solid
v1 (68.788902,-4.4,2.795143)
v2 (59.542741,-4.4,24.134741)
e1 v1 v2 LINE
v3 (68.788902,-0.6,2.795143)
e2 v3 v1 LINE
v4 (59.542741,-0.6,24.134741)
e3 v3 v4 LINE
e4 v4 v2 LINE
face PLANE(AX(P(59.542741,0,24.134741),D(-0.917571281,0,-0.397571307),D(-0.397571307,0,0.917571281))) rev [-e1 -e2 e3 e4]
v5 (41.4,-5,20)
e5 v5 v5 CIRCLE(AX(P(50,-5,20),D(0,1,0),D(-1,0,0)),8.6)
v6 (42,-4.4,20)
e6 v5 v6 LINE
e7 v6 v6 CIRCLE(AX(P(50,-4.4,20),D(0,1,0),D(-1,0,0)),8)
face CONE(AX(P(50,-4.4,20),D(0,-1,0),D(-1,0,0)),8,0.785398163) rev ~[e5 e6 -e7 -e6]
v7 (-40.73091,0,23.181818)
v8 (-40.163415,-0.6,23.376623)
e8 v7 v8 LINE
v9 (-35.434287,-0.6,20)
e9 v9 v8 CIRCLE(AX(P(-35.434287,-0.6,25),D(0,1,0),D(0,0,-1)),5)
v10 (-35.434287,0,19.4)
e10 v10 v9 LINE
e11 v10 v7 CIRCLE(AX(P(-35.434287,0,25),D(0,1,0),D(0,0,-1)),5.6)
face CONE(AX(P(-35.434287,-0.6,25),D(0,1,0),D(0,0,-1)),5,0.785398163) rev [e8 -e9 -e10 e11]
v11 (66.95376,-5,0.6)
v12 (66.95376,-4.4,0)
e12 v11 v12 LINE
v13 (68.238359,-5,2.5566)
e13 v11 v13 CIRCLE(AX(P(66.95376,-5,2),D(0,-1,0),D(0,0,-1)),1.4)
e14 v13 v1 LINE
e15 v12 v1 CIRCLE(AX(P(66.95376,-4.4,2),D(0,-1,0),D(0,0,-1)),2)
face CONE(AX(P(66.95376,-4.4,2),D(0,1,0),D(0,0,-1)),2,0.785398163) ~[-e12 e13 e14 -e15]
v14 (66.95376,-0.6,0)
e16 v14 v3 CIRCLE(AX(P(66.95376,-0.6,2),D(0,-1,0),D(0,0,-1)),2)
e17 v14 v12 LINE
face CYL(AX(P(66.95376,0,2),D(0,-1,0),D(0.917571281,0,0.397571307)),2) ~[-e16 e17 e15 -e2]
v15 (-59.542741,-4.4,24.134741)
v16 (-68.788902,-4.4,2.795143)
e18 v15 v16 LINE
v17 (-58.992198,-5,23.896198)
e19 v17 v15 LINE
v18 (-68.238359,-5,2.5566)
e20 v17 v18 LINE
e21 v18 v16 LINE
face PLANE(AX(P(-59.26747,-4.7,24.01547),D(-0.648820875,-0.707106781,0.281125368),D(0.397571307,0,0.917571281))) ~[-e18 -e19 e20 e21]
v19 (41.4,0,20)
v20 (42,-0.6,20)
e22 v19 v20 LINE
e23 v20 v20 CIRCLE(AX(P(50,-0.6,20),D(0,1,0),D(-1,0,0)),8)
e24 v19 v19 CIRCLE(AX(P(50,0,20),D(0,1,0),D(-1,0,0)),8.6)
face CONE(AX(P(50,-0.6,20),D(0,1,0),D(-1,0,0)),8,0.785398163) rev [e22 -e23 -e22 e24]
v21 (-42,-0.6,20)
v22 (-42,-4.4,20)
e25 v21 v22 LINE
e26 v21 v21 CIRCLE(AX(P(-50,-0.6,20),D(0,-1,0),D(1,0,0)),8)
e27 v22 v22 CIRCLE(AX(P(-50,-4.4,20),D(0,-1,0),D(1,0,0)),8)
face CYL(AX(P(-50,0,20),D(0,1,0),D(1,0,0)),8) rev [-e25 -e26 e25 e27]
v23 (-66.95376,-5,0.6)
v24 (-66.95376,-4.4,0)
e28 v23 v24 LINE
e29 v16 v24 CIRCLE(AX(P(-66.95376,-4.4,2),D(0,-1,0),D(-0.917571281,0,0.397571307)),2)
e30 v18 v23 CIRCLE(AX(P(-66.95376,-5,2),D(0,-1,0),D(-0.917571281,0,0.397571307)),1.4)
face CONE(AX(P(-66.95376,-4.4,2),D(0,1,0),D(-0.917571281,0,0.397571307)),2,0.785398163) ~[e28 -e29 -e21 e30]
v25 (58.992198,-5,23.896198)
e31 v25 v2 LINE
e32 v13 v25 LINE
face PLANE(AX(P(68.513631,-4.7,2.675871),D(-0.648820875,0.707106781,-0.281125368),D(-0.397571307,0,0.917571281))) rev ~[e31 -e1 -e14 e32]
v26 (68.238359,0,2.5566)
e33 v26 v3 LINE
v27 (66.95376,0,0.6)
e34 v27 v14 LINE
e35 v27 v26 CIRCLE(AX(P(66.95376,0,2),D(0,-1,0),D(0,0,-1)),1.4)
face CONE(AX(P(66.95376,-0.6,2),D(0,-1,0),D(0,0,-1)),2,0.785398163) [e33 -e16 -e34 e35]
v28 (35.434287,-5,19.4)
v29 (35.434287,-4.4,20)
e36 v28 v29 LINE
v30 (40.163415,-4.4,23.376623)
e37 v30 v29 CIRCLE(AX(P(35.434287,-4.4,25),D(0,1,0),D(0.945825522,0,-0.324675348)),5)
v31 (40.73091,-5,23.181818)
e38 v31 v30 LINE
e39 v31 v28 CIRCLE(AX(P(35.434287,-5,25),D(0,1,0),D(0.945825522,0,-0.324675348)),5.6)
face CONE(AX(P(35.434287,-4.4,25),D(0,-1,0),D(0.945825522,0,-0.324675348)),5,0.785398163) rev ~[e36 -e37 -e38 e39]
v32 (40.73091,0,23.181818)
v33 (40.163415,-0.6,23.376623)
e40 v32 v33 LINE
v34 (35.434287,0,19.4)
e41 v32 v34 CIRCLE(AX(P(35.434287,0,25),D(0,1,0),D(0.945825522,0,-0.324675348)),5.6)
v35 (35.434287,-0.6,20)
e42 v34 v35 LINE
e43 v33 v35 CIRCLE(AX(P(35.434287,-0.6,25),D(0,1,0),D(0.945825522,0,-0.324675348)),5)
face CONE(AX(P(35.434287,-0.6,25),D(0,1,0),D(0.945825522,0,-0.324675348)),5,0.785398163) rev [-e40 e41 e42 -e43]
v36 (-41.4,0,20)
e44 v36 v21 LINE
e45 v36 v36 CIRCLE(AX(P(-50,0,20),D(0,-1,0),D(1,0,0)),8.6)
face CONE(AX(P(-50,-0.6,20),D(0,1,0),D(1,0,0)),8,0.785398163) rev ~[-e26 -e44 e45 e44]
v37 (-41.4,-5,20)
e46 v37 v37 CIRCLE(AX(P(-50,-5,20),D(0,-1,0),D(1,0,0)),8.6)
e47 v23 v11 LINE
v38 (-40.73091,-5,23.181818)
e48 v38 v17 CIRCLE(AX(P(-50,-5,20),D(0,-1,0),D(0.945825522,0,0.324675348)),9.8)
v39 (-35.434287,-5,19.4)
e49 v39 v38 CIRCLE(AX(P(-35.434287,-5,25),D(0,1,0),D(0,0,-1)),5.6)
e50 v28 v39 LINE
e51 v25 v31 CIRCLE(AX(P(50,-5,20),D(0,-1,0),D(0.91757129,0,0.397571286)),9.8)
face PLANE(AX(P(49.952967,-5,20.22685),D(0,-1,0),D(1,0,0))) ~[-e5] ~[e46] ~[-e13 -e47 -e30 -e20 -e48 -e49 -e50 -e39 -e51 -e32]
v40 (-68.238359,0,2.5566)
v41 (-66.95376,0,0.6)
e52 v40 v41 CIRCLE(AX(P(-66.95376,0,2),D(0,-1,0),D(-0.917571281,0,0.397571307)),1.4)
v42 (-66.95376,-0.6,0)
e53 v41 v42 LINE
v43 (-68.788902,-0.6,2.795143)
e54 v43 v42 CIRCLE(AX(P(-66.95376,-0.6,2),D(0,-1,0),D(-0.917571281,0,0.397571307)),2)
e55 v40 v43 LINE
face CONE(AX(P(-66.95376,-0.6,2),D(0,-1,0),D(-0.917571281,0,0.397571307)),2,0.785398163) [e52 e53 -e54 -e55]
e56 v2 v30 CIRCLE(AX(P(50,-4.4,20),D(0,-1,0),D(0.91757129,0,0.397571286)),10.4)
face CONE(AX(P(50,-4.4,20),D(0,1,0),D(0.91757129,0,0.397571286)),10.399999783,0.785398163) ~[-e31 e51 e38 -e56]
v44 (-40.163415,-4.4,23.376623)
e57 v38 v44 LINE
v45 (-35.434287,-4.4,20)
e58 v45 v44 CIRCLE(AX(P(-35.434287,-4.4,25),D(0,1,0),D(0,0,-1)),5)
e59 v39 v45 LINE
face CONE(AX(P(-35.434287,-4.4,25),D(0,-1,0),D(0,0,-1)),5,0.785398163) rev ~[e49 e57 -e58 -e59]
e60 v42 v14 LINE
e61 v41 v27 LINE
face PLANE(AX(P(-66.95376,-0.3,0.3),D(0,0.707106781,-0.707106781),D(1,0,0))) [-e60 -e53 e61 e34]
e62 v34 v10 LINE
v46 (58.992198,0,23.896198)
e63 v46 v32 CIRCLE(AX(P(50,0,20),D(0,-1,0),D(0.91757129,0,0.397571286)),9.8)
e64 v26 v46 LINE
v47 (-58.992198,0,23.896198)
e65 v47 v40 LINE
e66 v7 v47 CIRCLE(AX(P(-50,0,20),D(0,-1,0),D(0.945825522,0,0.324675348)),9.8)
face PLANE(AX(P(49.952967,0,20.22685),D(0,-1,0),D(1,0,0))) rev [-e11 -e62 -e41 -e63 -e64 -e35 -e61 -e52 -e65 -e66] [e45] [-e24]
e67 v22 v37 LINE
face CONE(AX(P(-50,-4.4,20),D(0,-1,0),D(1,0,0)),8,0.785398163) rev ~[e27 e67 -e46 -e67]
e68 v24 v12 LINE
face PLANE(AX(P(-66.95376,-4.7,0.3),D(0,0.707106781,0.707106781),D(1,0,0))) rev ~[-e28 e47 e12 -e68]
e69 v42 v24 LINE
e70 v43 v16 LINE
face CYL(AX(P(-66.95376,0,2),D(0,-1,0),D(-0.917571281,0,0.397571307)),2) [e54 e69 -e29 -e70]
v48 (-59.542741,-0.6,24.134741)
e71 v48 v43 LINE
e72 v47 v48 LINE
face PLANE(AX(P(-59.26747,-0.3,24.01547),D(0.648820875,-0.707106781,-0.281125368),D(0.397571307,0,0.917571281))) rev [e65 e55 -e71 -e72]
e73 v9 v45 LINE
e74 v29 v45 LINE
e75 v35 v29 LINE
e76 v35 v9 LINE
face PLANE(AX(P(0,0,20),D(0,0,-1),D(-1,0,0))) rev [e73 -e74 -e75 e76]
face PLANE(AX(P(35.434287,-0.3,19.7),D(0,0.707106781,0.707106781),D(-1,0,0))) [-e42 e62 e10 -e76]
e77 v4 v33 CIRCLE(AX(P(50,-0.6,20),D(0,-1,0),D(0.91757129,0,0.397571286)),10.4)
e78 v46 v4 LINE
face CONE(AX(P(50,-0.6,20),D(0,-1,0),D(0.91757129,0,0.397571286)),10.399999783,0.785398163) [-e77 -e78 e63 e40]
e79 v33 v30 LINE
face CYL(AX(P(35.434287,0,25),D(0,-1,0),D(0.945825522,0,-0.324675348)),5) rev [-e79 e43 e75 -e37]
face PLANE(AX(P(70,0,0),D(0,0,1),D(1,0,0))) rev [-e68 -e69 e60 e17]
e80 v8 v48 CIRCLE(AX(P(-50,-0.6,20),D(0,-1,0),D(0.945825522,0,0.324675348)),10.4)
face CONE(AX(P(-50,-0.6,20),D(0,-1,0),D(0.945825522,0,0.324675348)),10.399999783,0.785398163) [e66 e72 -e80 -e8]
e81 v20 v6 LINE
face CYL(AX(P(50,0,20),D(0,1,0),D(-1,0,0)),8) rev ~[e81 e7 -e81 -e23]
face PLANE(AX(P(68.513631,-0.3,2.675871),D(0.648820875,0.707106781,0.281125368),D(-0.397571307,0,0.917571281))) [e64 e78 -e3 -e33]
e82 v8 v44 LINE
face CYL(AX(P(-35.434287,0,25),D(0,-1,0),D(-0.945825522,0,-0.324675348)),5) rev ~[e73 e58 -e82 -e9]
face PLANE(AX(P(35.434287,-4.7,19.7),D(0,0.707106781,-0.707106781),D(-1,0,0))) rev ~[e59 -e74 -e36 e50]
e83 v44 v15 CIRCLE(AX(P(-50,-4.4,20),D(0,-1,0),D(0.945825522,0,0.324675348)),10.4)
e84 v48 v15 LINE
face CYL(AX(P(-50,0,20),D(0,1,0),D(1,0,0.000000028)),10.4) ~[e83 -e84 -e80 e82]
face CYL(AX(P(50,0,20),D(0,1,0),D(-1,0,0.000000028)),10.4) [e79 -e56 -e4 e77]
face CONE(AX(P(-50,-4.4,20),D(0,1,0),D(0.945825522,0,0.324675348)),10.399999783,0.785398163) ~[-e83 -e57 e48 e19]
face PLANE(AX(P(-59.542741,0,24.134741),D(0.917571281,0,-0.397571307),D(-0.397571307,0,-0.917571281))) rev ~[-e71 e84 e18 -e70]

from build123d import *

# Parameters (mm, degrees)
F0_R     = 8
F1_DEPTH = 5
F2_R     = 5
F3_R     = 2
F5_SIZE  = 0.6


with BuildPart() as f1:
    # F0 (on Front) → F1 (new body)
    with BuildSketch(Plane.XZ):
        with BuildLine():
            ThreePointArc((-59.542741, 24.134741), (-52.111337, 9.81657), (-39.6, 20))
            ThreePointArc((-39.6, 20), (-47.888663, 30.18343), (-59.542741, 24.134741))
        make_face()
        with Locations((-50, 20)):
            Circle(F0_R, mode=Mode.SUBTRACT)
        with BuildLine():
            Line((0, 20), (-39.6, 20))
            ThreePointArc((-39.6, 20), (-52.111337, 9.81657), (-59.542741, 24.134741))
            Line((-59.542741, 24.134741), (-70, 0))
            Line((-70, 0), (-30, 0))
            Line((-30, 0), (0, 0))
            Line((0, 0), (0, 20))
        make_face()
    extrude(amount=F1_DEPTH)

    # F2
    f2_edges = [f1.edges().sort_by_distance(p)[0] for p in [
        (-39.6, -2.5, 20),
        (-59.542741, -2.5, 24.134741),
    ]]
    fillet(f2_edges, radius=F2_R)

    # F3
    f3_edges = [f1.edges().sort_by_distance(p)[0] for p in [
        (-70, -2.5, 0),
    ]]
    fillet(f3_edges, radius=F3_R)

    # F4: F1 across face


with BuildPart() as f1_1:
    add(f1.part)
    add(f1.part.mirror(Plane(origin=(0, -2.5, 10), x_dir=(0, 1, 0), z_dir=(1, 0, 0))))

    # F5
    f5_edges = [f1_1.edges().sort_by_distance(p)[0] for p in [
        (-64.165822, -5, 13.464942),
        (-68.625628, -5, 0.90234),
        (0, -5, 0),
        (68.625628, -5, 0.90234),
        (64.165822, -5, 13.464942),
        (49.593464, -5, 30.392051),
        (38.339723, -5, 20.930793),
        (0, -5, 20),
        (-38.339723, -5, 20.930793),
        (-49.593464, -5, 30.392051),
        (-58, -5, 20),
        (58, -5, 20),
        (-64.165822, 0, 13.464942),
        (-68.625628, 0, 0.90234),
        (0, 0, 0),
        (68.625628, 0, 0.90234),
        (64.165822, 0, 13.464942),
        (49.593464, 0, 30.392051),
        (38.339723, 0, 20.930793),
        (0, 0, 20),
        (-38.339723, 0, 20.930793),
        (-49.593464, 0, 30.392051),
        (-58, 0, 20),
        (58, 0, 20),
    ]]
    chamfer(f5_edges, length=F5_SIZE)


solid = f1_1.part
